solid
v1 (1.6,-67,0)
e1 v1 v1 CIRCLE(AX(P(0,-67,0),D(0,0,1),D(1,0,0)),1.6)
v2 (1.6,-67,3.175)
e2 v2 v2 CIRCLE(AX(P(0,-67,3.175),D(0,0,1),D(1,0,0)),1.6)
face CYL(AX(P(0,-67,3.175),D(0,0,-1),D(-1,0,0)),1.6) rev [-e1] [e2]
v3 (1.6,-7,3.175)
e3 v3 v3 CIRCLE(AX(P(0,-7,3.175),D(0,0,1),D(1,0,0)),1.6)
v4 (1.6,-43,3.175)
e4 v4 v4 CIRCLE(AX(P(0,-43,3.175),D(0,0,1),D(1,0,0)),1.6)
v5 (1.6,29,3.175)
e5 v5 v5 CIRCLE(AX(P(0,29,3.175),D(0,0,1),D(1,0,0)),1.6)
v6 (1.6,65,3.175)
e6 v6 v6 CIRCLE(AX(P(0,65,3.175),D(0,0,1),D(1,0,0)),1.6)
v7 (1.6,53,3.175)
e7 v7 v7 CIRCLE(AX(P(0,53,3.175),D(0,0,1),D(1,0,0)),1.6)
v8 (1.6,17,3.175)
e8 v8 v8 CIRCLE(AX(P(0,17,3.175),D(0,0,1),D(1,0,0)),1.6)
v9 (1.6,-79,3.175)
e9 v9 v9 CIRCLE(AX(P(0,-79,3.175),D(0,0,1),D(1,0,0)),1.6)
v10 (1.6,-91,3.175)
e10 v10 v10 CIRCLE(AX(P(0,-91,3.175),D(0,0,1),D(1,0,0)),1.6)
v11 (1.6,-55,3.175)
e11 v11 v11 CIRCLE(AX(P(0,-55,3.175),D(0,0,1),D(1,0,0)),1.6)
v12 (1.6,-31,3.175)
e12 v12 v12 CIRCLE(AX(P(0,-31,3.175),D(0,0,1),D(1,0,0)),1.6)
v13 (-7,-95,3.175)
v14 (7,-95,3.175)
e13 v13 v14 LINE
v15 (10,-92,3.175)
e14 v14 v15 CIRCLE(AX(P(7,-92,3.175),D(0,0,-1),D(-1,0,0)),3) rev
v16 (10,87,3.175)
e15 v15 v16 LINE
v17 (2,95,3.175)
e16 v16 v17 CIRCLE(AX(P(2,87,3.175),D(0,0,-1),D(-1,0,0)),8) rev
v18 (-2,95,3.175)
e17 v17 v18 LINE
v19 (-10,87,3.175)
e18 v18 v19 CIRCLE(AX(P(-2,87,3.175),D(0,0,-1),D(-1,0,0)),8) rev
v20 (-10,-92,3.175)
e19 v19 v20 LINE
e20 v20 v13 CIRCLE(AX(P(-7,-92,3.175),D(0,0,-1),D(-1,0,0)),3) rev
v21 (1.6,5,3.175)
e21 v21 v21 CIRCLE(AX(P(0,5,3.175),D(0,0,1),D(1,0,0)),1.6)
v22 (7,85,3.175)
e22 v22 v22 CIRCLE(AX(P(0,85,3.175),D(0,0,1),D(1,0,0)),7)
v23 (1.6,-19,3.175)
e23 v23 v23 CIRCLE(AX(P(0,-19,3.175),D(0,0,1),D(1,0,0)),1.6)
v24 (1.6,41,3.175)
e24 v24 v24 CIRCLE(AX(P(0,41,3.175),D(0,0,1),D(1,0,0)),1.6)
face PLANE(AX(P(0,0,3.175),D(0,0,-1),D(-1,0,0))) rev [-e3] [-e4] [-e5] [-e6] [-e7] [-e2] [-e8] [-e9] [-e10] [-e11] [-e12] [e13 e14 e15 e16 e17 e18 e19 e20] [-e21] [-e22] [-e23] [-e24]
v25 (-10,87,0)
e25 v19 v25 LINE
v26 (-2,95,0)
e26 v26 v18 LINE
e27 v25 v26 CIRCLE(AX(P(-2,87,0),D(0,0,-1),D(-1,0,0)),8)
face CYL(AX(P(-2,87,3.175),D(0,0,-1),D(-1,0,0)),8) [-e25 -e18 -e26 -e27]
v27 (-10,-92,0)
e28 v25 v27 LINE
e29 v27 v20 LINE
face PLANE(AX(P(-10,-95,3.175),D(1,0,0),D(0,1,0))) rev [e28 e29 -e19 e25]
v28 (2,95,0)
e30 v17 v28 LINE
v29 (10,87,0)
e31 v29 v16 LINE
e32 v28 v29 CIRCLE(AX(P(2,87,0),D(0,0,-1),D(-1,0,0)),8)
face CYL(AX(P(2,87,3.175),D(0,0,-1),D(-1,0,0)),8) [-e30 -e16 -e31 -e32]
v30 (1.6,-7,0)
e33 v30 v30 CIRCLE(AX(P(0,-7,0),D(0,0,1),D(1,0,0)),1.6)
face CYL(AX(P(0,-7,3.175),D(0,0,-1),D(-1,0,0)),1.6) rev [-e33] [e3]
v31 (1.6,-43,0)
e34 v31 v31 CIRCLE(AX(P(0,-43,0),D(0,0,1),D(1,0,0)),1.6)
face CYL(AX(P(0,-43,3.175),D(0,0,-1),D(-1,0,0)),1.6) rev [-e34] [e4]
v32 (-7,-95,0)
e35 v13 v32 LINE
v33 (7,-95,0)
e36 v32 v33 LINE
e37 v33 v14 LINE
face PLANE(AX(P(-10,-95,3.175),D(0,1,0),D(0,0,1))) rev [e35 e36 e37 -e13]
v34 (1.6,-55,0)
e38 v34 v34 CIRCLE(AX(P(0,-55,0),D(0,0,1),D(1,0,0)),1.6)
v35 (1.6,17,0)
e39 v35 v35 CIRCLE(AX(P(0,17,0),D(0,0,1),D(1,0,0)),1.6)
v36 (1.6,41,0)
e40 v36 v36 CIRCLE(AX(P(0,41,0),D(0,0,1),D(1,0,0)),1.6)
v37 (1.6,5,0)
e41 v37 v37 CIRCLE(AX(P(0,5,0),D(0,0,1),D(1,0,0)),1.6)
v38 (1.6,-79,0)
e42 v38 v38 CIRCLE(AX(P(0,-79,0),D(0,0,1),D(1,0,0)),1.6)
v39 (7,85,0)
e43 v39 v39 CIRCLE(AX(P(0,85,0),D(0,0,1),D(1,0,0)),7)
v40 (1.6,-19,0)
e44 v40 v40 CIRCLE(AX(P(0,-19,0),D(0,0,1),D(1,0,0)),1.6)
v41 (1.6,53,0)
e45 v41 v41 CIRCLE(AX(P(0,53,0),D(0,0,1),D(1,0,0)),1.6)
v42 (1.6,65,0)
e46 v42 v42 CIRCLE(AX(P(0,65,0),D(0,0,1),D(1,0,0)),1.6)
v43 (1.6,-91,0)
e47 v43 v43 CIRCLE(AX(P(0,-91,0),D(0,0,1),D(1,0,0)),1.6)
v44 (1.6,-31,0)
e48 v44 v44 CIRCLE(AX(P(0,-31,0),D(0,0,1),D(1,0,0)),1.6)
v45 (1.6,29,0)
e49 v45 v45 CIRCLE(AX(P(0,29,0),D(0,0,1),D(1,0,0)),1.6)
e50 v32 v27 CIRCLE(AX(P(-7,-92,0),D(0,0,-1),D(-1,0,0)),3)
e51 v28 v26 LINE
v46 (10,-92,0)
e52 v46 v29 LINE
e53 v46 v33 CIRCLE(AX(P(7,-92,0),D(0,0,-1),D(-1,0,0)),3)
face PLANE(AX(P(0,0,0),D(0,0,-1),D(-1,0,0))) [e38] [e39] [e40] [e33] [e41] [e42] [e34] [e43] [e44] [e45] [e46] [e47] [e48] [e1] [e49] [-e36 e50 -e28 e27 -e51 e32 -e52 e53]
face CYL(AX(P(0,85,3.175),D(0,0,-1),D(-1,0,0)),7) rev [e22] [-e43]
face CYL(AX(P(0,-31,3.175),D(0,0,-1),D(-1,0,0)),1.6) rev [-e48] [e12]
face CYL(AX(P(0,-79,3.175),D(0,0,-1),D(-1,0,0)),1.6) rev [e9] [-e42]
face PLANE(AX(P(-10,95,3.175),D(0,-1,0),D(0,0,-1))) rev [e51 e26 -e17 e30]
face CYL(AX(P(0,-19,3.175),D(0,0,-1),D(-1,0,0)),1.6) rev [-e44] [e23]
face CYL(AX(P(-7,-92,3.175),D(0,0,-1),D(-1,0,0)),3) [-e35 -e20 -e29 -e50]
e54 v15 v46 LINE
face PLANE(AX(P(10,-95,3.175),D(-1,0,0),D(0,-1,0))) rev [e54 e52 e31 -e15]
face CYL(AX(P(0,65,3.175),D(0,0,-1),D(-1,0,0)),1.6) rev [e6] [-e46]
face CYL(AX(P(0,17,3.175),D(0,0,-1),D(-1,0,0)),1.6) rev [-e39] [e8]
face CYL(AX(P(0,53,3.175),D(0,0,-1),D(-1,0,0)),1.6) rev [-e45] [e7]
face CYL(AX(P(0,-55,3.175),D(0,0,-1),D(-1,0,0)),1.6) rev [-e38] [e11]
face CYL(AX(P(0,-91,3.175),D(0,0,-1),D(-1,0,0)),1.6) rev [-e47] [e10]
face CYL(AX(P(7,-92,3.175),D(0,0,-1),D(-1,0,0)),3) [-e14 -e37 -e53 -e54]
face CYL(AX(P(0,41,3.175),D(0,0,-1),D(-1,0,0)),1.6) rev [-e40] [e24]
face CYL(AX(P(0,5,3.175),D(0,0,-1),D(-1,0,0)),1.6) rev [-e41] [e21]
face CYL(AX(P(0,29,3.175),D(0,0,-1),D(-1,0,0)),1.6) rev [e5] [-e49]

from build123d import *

# Parameters (mm, degrees)
SKETCH1_W           = 20
SKETCH1_H           = 190
SKETCH1_R           = 1.6
SKETCH1_R_2         = 7
BOSS_EXTRUDE1_DEPTH = 3.175
FILLET1_R           = 3
FILLET2_R           = 8


with BuildPart() as part:
    # Sketch1 → Boss-Extrude1 (new body)
    with BuildSketch(Plane.XY):
        Rectangle(SKETCH1_W, SKETCH1_H)
        with Locations((0, -91)):
            Circle(SKETCH1_R, mode=Mode.SUBTRACT)
        with Locations((0, -79)):
            Circle(SKETCH1_R, mode=Mode.SUBTRACT)
        with Locations((0, -67)):
            Circle(SKETCH1_R, mode=Mode.SUBTRACT)
        with Locations((0, -55)):
            Circle(SKETCH1_R, mode=Mode.SUBTRACT)
        with Locations((0, -43)):
            Circle(SKETCH1_R, mode=Mode.SUBTRACT)
        with Locations((0, -31)):
            Circle(SKETCH1_R, mode=Mode.SUBTRACT)
        with Locations((0, -19)):
            Circle(SKETCH1_R, mode=Mode.SUBTRACT)
        with Locations((0, 85)):
            Circle(SKETCH1_R_2, mode=Mode.SUBTRACT)
        with Locations((0, -7)):
            Circle(SKETCH1_R, mode=Mode.SUBTRACT)
        with Locations((0, 5)):
            Circle(SKETCH1_R, mode=Mode.SUBTRACT)
        with Locations((0, 17)):
            Circle(SKETCH1_R, mode=Mode.SUBTRACT)
        with Locations((0, 29)):
            Circle(SKETCH1_R, mode=Mode.SUBTRACT)
        with Locations((0, 41)):
            Circle(SKETCH1_R, mode=Mode.SUBTRACT)
        with Locations((0, 53)):
            Circle(SKETCH1_R, mode=Mode.SUBTRACT)
        with Locations((0, 65)):
            Circle(SKETCH1_R, mode=Mode.SUBTRACT)
    extrude(amount=BOSS_EXTRUDE1_DEPTH)

    # Fillet1
    fillet1_edges = [part.edges().sort_by_distance(p)[0] for p in [
        (10, -95, 1.5875),
        (-10, -95, 1.5875),
    ]]
    fillet(fillet1_edges, radius=FILLET1_R)

    # Fillet2
    fillet2_edges = [part.edges().sort_by_distance(p)[0] for p in [
        (-10, 95, 1.5875),
        (10, 95, 1.5875),
    ]]
    fillet(fillet2_edges, radius=FILLET2_R)


solid = part.part
